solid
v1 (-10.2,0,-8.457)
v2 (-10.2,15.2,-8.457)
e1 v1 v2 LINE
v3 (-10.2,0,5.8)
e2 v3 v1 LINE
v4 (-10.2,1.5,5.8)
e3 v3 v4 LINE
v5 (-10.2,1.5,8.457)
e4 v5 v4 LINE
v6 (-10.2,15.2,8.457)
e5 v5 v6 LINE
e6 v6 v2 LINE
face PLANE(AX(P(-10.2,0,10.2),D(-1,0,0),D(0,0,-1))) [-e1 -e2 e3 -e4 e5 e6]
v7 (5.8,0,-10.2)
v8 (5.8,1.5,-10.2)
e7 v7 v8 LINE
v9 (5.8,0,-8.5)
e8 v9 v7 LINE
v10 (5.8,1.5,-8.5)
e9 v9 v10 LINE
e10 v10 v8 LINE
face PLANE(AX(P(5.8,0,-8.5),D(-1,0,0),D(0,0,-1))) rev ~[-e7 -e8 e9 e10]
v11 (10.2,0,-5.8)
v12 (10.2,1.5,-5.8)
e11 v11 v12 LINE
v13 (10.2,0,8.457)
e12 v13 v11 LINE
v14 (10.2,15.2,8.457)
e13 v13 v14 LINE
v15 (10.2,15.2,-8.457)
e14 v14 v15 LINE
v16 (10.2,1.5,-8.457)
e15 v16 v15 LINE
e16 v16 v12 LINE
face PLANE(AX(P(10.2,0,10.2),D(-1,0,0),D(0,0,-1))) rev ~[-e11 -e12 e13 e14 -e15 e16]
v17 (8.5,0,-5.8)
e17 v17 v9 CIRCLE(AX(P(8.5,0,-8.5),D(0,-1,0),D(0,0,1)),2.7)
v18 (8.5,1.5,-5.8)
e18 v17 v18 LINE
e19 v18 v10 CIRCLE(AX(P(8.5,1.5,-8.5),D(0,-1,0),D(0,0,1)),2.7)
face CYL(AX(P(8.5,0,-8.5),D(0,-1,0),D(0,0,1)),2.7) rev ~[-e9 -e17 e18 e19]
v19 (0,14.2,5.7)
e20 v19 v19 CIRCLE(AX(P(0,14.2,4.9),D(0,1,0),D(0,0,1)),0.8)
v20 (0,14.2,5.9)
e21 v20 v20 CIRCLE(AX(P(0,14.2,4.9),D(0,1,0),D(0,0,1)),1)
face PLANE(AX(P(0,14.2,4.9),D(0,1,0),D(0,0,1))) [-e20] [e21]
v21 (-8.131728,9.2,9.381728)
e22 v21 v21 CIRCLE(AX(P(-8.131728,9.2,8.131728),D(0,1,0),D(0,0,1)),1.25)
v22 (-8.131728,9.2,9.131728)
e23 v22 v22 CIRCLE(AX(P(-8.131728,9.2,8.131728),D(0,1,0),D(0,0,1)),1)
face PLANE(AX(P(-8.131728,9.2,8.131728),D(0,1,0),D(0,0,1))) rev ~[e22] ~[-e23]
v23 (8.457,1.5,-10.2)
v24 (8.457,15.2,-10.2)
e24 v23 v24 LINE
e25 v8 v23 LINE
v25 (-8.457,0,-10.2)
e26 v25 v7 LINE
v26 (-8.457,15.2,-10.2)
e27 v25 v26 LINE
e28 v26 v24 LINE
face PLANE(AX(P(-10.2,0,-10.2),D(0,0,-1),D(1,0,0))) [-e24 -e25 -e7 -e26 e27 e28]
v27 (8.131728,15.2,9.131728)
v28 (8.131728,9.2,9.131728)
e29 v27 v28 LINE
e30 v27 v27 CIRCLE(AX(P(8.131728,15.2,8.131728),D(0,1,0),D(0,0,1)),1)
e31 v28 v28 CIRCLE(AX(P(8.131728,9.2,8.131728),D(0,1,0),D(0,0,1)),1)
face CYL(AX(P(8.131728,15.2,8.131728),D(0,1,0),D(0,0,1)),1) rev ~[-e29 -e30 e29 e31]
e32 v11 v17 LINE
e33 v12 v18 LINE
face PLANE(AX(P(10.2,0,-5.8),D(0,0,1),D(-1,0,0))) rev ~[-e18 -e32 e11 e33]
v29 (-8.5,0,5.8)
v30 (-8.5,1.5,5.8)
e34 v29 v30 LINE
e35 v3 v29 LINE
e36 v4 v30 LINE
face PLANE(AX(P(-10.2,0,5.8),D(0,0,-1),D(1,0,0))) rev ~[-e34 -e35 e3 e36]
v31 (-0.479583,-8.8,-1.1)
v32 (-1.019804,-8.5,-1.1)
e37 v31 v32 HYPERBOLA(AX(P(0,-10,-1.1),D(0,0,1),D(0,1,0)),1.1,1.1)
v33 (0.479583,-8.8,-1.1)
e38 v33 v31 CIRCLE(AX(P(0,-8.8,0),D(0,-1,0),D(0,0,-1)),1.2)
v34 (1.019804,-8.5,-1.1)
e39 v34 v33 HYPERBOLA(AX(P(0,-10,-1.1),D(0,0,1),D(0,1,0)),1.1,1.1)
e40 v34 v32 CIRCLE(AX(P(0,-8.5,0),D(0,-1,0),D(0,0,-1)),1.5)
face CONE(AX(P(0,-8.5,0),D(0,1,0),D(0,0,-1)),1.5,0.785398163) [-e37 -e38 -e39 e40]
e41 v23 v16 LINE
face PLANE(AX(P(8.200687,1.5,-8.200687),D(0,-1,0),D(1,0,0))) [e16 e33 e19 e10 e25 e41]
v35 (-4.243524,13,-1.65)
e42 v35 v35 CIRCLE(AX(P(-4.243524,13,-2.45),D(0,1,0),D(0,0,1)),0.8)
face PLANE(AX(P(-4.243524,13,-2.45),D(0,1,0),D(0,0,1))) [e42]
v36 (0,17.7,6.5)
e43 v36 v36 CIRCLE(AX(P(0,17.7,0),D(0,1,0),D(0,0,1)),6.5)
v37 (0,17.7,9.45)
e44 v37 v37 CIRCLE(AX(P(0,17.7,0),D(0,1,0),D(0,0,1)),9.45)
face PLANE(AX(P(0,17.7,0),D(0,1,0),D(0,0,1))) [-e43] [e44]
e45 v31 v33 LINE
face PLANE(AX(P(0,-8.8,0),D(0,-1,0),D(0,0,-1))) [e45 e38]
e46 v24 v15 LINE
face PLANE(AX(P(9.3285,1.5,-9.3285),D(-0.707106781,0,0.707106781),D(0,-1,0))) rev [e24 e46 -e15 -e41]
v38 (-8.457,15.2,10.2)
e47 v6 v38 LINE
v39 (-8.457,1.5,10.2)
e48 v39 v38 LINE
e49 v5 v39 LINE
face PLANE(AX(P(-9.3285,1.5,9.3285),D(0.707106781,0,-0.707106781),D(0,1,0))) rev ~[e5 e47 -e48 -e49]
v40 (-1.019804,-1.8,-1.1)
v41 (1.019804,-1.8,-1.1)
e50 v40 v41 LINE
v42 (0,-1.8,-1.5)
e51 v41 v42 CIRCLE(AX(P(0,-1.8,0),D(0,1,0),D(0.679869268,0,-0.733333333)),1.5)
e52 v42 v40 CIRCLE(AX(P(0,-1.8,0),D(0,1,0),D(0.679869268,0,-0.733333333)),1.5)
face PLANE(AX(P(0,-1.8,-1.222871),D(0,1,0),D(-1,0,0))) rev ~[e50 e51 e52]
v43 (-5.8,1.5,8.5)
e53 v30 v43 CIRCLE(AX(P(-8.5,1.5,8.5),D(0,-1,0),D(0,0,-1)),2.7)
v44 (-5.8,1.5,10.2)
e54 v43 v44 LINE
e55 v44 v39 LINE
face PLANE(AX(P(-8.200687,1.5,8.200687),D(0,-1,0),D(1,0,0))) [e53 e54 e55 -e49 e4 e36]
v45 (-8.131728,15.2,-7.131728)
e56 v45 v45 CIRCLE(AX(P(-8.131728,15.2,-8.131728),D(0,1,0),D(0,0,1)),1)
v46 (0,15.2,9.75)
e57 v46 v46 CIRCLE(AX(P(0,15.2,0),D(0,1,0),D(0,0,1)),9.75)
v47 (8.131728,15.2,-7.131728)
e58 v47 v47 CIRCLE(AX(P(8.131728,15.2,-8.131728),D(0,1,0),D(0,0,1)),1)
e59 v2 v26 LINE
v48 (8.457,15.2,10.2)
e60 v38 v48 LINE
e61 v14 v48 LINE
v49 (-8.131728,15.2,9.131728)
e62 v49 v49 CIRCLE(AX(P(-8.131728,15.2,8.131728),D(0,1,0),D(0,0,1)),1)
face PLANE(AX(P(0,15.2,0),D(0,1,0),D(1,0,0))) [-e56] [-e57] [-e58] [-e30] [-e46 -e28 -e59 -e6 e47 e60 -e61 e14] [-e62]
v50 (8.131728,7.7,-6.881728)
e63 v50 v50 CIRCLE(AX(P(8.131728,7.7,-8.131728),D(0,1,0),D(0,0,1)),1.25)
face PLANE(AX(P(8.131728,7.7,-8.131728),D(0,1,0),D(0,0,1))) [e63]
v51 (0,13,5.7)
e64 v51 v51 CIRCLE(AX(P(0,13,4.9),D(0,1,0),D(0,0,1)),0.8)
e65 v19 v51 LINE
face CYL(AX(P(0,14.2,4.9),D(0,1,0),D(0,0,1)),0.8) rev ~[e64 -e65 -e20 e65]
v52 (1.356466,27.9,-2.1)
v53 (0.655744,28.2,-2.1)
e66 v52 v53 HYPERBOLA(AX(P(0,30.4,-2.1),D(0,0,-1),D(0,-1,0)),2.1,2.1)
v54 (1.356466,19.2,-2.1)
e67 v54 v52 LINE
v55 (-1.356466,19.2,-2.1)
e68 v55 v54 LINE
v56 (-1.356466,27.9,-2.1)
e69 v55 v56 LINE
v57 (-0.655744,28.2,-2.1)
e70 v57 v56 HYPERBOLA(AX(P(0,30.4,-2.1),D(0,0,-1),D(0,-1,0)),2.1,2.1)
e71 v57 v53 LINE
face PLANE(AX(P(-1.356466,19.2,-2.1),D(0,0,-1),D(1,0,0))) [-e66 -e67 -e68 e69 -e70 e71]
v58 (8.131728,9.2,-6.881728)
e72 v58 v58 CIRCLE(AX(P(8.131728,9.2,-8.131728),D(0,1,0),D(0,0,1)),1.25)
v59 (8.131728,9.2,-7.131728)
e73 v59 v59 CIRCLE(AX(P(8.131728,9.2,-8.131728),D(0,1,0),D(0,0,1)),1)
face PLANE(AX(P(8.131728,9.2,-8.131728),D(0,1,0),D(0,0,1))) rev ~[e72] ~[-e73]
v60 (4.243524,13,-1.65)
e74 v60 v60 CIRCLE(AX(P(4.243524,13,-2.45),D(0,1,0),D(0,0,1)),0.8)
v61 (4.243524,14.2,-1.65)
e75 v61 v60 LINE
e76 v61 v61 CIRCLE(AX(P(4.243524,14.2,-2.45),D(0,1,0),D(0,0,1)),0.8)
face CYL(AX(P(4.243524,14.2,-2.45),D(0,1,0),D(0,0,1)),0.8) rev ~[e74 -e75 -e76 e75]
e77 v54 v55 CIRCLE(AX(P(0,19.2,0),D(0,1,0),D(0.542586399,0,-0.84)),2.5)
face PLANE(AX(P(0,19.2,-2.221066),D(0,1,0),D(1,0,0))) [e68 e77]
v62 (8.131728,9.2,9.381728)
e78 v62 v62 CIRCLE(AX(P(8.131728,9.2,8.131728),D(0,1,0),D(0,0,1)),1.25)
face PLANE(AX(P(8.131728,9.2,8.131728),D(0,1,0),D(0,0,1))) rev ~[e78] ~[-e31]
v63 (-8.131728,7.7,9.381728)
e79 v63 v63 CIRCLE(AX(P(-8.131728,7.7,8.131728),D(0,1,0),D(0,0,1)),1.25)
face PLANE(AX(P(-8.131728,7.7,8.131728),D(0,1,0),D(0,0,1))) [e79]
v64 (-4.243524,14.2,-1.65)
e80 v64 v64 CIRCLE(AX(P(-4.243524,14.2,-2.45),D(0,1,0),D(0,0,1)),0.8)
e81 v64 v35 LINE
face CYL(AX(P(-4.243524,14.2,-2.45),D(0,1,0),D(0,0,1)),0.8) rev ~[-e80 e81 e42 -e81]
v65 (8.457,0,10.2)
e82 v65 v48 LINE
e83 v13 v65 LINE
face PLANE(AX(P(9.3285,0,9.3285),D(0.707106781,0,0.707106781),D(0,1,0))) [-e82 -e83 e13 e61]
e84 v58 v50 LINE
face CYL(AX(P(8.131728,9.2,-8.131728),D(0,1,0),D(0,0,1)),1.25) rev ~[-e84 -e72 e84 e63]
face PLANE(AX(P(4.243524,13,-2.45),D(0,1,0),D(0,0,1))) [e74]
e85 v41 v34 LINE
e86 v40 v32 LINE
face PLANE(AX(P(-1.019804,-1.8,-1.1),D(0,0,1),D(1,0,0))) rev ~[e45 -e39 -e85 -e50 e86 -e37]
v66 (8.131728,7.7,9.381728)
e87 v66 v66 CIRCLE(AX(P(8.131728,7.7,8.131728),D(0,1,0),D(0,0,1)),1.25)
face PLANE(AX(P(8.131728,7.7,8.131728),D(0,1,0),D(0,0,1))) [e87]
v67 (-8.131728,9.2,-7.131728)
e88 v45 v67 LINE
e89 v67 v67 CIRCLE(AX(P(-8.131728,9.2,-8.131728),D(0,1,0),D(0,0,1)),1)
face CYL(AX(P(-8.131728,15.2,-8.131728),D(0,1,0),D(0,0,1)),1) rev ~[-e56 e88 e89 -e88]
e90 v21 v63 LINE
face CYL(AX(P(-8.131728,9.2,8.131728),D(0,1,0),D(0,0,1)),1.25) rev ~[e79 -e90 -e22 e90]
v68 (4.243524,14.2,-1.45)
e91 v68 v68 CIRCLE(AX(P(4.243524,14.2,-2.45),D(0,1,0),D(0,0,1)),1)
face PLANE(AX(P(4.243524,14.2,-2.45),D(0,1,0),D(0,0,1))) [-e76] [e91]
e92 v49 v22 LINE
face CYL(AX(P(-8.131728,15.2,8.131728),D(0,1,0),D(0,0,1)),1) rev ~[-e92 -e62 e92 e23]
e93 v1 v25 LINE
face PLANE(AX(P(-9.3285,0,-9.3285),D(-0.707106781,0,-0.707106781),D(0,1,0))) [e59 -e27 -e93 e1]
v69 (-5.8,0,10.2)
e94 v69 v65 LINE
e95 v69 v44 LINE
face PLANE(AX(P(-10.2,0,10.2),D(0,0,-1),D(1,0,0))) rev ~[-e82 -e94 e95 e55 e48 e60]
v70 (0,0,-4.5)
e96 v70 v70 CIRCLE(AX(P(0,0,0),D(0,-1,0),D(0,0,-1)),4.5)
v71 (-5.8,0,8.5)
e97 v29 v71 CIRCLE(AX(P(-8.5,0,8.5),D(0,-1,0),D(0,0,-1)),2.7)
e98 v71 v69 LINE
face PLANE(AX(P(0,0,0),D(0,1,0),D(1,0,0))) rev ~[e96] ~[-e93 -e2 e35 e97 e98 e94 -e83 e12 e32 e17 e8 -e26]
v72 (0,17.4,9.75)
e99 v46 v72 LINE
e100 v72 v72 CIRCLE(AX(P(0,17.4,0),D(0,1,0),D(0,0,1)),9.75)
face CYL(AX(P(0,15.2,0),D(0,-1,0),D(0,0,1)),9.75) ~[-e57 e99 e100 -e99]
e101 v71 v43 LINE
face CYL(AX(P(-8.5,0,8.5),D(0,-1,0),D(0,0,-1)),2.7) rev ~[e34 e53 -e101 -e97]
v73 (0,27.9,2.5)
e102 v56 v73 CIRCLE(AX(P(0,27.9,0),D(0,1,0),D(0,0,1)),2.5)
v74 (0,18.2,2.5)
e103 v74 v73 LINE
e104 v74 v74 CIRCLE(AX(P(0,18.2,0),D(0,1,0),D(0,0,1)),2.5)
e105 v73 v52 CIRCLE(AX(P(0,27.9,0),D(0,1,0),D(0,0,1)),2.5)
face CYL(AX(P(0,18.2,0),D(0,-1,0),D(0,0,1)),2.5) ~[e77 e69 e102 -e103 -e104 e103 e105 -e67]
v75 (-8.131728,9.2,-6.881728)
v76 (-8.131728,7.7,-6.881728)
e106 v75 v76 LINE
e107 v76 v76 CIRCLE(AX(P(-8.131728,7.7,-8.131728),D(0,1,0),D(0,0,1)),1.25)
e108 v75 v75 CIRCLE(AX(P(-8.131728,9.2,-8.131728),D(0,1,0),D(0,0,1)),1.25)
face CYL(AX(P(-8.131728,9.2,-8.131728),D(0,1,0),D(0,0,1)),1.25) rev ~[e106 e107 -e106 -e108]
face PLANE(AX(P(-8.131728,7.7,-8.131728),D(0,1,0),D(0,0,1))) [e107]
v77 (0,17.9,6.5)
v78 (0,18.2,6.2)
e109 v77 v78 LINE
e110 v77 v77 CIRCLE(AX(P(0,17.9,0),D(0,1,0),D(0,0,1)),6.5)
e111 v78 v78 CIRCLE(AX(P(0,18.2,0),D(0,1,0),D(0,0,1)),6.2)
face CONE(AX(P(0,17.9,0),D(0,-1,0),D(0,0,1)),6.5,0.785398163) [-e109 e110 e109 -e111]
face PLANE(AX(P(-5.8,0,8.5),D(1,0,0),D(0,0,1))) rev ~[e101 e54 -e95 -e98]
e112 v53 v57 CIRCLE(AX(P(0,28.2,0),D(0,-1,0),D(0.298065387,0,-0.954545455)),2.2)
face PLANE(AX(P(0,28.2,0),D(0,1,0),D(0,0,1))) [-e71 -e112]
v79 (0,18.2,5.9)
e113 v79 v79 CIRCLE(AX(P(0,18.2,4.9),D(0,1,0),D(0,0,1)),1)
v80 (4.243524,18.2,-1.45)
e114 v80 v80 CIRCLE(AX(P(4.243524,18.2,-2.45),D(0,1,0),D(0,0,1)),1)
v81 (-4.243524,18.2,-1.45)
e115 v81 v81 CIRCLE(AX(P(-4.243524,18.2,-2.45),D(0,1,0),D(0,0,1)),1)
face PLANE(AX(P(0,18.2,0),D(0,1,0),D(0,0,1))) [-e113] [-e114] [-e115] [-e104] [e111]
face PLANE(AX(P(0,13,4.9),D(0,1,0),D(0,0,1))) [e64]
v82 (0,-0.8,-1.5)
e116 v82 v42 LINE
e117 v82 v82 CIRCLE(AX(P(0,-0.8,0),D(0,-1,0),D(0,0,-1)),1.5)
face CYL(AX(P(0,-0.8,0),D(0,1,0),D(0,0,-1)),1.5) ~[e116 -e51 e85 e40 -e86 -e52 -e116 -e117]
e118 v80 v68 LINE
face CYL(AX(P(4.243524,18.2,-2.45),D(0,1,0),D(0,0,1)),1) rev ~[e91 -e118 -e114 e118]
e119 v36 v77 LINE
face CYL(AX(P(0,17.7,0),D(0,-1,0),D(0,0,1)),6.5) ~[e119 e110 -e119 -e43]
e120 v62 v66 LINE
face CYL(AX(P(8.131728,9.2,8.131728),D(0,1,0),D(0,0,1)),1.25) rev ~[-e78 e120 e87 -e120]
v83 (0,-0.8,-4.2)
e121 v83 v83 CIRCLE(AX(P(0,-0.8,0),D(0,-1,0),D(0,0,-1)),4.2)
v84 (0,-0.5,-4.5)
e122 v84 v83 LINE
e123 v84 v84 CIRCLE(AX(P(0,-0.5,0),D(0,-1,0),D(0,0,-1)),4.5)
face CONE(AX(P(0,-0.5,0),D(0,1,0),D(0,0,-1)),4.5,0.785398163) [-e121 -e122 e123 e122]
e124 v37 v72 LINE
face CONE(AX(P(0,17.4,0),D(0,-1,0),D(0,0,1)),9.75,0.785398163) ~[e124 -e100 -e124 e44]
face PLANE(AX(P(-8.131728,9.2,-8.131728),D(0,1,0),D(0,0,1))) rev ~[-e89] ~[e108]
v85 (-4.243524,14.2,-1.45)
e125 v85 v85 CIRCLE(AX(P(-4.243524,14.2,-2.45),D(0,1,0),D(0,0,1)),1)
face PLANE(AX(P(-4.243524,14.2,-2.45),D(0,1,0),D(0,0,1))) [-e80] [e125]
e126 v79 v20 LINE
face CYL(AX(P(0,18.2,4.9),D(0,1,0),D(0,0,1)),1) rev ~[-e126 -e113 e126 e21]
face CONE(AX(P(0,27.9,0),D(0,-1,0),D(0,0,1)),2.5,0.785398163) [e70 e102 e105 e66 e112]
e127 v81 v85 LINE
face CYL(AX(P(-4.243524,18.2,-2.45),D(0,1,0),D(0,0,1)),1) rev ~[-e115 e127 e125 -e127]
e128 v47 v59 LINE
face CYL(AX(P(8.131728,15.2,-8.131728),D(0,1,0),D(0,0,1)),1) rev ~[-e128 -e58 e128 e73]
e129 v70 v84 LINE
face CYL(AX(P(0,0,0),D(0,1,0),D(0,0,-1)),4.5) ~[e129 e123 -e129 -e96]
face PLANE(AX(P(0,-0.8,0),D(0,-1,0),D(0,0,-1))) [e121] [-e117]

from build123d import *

# Parameters (mm, degrees)
SKETCH_1_W          = 20.4
SKETCH_1_H          = 20.4
EXTRUDE_1_DEPTH     = 15.2
SKETCH_2_R          = 9.75
EXTRUDE_2_DEPTH     = 2.5
SKETCH_3_R          = 6.5
EXTRUDE_3_DEPTH     = 0.5
CHAMFER_1_SIZE      = 0.3
CHAMFER_2_SIZE      = 0.3
SKETCH_4_R          = 2.5
EXTRUDE_4_DEPTH     = 10
SKETCH_5_R          = 4.5
EXTRUDE_5_DEPTH     = 0.8
SKETCH_6_R          = 1.5
EXTRUDE_6_DEPTH     = 8
CHAMFER_3_SIZE      = 0.3
CUT_EXTRUDE_1_DEPTH = 1.5
SKETCH_8_R          = 1
CUT_EXTRUDE_2_DEPTH = 6
SKETCH_9_R          = 1.25
CUT_EXTRUDE_3_DEPTH = 1.5
SKETCH_10_R         = 1
CUT_EXTRUDE_4_DEPTH = 4
SKETCH_11_R         = 0.8
CUT_EXTRUDE_5_DEPTH = 1.2
CHAMFER_4_SIZE      = 1.743
CHAMFER_5_SIZE      = 0.3
CUT_EXTRUDE_START   = -9
CUT_EXTRUDE_6_DEPTH = 9
CUT_EXTRUDE_START_2 = -7
CUT_EXTRUDE_7_DEPTH = 7


with BuildPart() as part:
    # 草图1 → 凸台-拉伸1 (new body)
    with BuildSketch(Plane(origin=(0, 0, 0), x_dir=(1, 0, 0), z_dir=(0, 1, 0))):
        Rectangle(SKETCH_1_W, SKETCH_1_H)
    extrude(amount=EXTRUDE_1_DEPTH)

    # 草图2 → 凸台-拉伸2 (add)
    with BuildSketch(Plane(origin=(0, 15.2, 0), x_dir=(1, 0, 0), z_dir=(0, 1, 0))):
        with Locations(Location((0, 0, 0), (0, 0, 270))):
            Circle(SKETCH_2_R)
    extrude(amount=EXTRUDE_2_DEPTH)

    # 草图3 → 凸台-拉伸3 (add)
    with BuildSketch(Plane(origin=(0, 17.7, 0), x_dir=(1, 0, 0), z_dir=(0, 1, 0))):
        with Locations(Location((0, 0, 0), (0, 0, 270))):
            Circle(SKETCH_3_R)
    extrude(amount=EXTRUDE_3_DEPTH)

    # 倒角1
    chamfer_1_edges = [part.edges().sort_by_distance(p)[0] for p in [
        (0, 18.2, -6.5),
    ]]
    chamfer(chamfer_1_edges, length=CHAMFER_1_SIZE)

    # 倒角2
    chamfer_2_edges = [part.edges().sort_by_distance(p)[0] for p in [
        (0, 17.7, -9.75),
    ]]
    chamfer(chamfer_2_edges, length=CHAMFER_2_SIZE)

    # 草图4 → 凸台-拉伸4 (add)
    with BuildSketch(Plane(origin=(0, 18.2, 0), x_dir=(1, 0, 0), z_dir=(0, 1, 0))):
        with Locations(Location((0, 0, 0), (0, 0, 270))):
            Circle(SKETCH_4_R)
    extrude(amount=EXTRUDE_4_DEPTH)

    # 草图5 → 凸台-拉伸5 (add)
    with BuildSketch(Plane.XZ):
        with Locations(Location((0, 0, 0), (0, 0, 270))):
            Circle(SKETCH_5_R)
    extrude(amount=EXTRUDE_5_DEPTH)

    # 草图6 → 凸台-拉伸6 (add)
    with BuildSketch(Plane.XZ.offset(0.8)):
        with Locations(Location((0, 0, 0), (0, 0, 270))):
            Circle(SKETCH_6_R)
    extrude(amount=EXTRUDE_6_DEPTH)

    # 倒角3
    chamfer_3_edges = [part.edges().sort_by_distance(p)[0] for p in [
        (0, -0.8, 4.5),
        (0, -8.8, 1.5),
    ]]
    chamfer(chamfer_3_edges, length=CHAMFER_3_SIZE)

    # 草图7 → 切除-拉伸1 (cut)
    with BuildSketch(Plane.XZ):
        with BuildLine():
            Line((-10.2, 5.8), (-8.5, 5.8))
            ThreePointArc((-8.5, 5.8), (-6.590811691, 6.590811691), (-5.8, 8.5))
            Line((-5.8, 8.5), (-5.8, 10.2))
            Line((-5.8, 10.2), (-10.2, 10.2))
            Line((-10.2, 10.2), (-10.2, 5.8))
        make_face()
        with BuildLine():
            Line((10.2, -10.2), (10.2, -5.8))
            Line((10.2, -5.8), (8.5, -5.8))
            ThreePointArc((8.5, -5.8), (6.590811691, -6.590811691), (5.8, -8.5))
            Line((5.8, -8.5), (5.8, -10.2))
            Line((5.8, -10.2), (10.2, -10.2))
        make_face()
    extrude(amount=-CUT_EXTRUDE_1_DEPTH, mode=Mode.SUBTRACT)

    # 草图8 → 切除-拉伸2 (cut)
    with BuildSketch(Plane(origin=(0, 15.2, 0), x_dir=(1, 0, 0), z_dir=(0, 1, 0))):
        with Locations(Location((-8.131727984, 8.131727984, 0), (0, 0, 270))):
            Circle(SKETCH_8_R)
        with Locations(Location((8.131727984, 8.131727984, 0), (0, 0, 270))):
            Circle(SKETCH_8_R)
        with Locations(Location((8.131727984, -8.131727984, 0), (0, 0, 270))):
            Circle(SKETCH_8_R)
        with Locations(Location((-8.131727984, -8.131727984, 0), (0, 0, 270))):
            Circle(SKETCH_8_R)
    extrude(amount=-CUT_EXTRUDE_2_DEPTH, mode=Mode.SUBTRACT)

    # 草图9 → 切除-拉伸3 (cut)
    with BuildSketch(Plane(origin=(0, 9.2, 0), x_dir=(1, 0, 0), z_dir=(0, 1, 0))):
        with Locations(Location((8.131727984, -8.131727984, 0), (0, 0, 270))):
            Circle(SKETCH_9_R)
        with Locations(Location((8.131727984, 8.131727984, 0), (0, 0, 270))):
            Circle(SKETCH_9_R)
        with Locations(Location((-8.131727984, 8.131727984, 0), (0, 0, 270))):
            Circle(SKETCH_9_R)
        with Locations(Location((-8.131727984, -8.131727984, 0), (0, 0, 270))):
            Circle(SKETCH_9_R)
    extrude(amount=-CUT_EXTRUDE_3_DEPTH, mode=Mode.SUBTRACT)

    # 草图10 → 切除-拉伸4 (cut)
    with BuildSketch(Plane(origin=(0, 18.2, 0), x_dir=(1, 0, 0), z_dir=(0, 1, 0))):
        with Locations(Location((0, -4.9, 0), (0, 0, 270))):
            Circle(SKETCH_10_R)
        with Locations(Location((-4.243524479, 2.45, 0), (0, 0, 270))):
            Circle(SKETCH_10_R)
        with Locations(Location((4.243524479, 2.45, 0), (0, 0, 270))):
            Circle(SKETCH_10_R)
    extrude(amount=-CUT_EXTRUDE_4_DEPTH, mode=Mode.SUBTRACT)

    # 草图11 → 切除-拉伸5 (cut)
    with BuildSketch(Plane(origin=(0, 14.2, 0), x_dir=(1, 0, 0), z_dir=(0, 1, 0))):
        with Locations(Location((0, -4.9, 0), (0, 0, 270))):
            Circle(SKETCH_11_R)
        with Locations(Location((-4.243524479, 2.45, 0), (0, 0, 270))):
            Circle(SKETCH_11_R)
        with Locations(Location((4.243524479, 2.45, 0), (0, 0, 270))):
            Circle(SKETCH_11_R)
    extrude(amount=-CUT_EXTRUDE_5_DEPTH, mode=Mode.SUBTRACT)

    # 倒角4
    chamfer_4_edges = [part.edges().sort_by_distance(p)[0] for p in [
        (-10.2, 7.6, -10.2),
        (10.2, 8.35, -10.2),
        (10.2, 7.6, 10.2),
        (-10.2, 8.35, 10.2),
    ]]
    chamfer(chamfer_4_edges, length=CHAMFER_4_SIZE)

    # 倒角5
    chamfer_5_edges = [part.edges().sort_by_distance(p)[0] for p in [
        (0, 28.2, -2.5),
    ]]
    chamfer(chamfer_5_edges, length=CHAMFER_5_SIZE)

    # 草图12 → 切除-拉伸6 (cut)
    with BuildSketch(Plane(origin=(0, 28.2, 0), x_dir=(1, 0, 0), z_dir=(0, 1, 0)).offset(CUT_EXTRUDE_START)):
        with BuildLine():
            Line((-1.356465997, 2.1), (1.356465997, 2.1))
            ThreePointArc((1.356465997, 2.1), (0, 2.5), (-1.356465997, 2.1))
        make_face()
    extrude(amount=CUT_EXTRUDE_6_DEPTH, mode=Mode.SUBTRACT)

    # 草图13 → 切除-拉伸7 (cut)
    with BuildSketch(Plane.XZ.offset(8.8).offset(CUT_EXTRUDE_START_2)):
        with BuildLine():
            Line((-1.019803903, -1.1), (1.019803903, -1.1))
            ThreePointArc((1.019803903, -1.1), (0, -1.5), (-1.019803903, -1.1))
        make_face()
    extrude(amount=CUT_EXTRUDE_7_DEPTH, mode=Mode.SUBTRACT)


solid = part.part
